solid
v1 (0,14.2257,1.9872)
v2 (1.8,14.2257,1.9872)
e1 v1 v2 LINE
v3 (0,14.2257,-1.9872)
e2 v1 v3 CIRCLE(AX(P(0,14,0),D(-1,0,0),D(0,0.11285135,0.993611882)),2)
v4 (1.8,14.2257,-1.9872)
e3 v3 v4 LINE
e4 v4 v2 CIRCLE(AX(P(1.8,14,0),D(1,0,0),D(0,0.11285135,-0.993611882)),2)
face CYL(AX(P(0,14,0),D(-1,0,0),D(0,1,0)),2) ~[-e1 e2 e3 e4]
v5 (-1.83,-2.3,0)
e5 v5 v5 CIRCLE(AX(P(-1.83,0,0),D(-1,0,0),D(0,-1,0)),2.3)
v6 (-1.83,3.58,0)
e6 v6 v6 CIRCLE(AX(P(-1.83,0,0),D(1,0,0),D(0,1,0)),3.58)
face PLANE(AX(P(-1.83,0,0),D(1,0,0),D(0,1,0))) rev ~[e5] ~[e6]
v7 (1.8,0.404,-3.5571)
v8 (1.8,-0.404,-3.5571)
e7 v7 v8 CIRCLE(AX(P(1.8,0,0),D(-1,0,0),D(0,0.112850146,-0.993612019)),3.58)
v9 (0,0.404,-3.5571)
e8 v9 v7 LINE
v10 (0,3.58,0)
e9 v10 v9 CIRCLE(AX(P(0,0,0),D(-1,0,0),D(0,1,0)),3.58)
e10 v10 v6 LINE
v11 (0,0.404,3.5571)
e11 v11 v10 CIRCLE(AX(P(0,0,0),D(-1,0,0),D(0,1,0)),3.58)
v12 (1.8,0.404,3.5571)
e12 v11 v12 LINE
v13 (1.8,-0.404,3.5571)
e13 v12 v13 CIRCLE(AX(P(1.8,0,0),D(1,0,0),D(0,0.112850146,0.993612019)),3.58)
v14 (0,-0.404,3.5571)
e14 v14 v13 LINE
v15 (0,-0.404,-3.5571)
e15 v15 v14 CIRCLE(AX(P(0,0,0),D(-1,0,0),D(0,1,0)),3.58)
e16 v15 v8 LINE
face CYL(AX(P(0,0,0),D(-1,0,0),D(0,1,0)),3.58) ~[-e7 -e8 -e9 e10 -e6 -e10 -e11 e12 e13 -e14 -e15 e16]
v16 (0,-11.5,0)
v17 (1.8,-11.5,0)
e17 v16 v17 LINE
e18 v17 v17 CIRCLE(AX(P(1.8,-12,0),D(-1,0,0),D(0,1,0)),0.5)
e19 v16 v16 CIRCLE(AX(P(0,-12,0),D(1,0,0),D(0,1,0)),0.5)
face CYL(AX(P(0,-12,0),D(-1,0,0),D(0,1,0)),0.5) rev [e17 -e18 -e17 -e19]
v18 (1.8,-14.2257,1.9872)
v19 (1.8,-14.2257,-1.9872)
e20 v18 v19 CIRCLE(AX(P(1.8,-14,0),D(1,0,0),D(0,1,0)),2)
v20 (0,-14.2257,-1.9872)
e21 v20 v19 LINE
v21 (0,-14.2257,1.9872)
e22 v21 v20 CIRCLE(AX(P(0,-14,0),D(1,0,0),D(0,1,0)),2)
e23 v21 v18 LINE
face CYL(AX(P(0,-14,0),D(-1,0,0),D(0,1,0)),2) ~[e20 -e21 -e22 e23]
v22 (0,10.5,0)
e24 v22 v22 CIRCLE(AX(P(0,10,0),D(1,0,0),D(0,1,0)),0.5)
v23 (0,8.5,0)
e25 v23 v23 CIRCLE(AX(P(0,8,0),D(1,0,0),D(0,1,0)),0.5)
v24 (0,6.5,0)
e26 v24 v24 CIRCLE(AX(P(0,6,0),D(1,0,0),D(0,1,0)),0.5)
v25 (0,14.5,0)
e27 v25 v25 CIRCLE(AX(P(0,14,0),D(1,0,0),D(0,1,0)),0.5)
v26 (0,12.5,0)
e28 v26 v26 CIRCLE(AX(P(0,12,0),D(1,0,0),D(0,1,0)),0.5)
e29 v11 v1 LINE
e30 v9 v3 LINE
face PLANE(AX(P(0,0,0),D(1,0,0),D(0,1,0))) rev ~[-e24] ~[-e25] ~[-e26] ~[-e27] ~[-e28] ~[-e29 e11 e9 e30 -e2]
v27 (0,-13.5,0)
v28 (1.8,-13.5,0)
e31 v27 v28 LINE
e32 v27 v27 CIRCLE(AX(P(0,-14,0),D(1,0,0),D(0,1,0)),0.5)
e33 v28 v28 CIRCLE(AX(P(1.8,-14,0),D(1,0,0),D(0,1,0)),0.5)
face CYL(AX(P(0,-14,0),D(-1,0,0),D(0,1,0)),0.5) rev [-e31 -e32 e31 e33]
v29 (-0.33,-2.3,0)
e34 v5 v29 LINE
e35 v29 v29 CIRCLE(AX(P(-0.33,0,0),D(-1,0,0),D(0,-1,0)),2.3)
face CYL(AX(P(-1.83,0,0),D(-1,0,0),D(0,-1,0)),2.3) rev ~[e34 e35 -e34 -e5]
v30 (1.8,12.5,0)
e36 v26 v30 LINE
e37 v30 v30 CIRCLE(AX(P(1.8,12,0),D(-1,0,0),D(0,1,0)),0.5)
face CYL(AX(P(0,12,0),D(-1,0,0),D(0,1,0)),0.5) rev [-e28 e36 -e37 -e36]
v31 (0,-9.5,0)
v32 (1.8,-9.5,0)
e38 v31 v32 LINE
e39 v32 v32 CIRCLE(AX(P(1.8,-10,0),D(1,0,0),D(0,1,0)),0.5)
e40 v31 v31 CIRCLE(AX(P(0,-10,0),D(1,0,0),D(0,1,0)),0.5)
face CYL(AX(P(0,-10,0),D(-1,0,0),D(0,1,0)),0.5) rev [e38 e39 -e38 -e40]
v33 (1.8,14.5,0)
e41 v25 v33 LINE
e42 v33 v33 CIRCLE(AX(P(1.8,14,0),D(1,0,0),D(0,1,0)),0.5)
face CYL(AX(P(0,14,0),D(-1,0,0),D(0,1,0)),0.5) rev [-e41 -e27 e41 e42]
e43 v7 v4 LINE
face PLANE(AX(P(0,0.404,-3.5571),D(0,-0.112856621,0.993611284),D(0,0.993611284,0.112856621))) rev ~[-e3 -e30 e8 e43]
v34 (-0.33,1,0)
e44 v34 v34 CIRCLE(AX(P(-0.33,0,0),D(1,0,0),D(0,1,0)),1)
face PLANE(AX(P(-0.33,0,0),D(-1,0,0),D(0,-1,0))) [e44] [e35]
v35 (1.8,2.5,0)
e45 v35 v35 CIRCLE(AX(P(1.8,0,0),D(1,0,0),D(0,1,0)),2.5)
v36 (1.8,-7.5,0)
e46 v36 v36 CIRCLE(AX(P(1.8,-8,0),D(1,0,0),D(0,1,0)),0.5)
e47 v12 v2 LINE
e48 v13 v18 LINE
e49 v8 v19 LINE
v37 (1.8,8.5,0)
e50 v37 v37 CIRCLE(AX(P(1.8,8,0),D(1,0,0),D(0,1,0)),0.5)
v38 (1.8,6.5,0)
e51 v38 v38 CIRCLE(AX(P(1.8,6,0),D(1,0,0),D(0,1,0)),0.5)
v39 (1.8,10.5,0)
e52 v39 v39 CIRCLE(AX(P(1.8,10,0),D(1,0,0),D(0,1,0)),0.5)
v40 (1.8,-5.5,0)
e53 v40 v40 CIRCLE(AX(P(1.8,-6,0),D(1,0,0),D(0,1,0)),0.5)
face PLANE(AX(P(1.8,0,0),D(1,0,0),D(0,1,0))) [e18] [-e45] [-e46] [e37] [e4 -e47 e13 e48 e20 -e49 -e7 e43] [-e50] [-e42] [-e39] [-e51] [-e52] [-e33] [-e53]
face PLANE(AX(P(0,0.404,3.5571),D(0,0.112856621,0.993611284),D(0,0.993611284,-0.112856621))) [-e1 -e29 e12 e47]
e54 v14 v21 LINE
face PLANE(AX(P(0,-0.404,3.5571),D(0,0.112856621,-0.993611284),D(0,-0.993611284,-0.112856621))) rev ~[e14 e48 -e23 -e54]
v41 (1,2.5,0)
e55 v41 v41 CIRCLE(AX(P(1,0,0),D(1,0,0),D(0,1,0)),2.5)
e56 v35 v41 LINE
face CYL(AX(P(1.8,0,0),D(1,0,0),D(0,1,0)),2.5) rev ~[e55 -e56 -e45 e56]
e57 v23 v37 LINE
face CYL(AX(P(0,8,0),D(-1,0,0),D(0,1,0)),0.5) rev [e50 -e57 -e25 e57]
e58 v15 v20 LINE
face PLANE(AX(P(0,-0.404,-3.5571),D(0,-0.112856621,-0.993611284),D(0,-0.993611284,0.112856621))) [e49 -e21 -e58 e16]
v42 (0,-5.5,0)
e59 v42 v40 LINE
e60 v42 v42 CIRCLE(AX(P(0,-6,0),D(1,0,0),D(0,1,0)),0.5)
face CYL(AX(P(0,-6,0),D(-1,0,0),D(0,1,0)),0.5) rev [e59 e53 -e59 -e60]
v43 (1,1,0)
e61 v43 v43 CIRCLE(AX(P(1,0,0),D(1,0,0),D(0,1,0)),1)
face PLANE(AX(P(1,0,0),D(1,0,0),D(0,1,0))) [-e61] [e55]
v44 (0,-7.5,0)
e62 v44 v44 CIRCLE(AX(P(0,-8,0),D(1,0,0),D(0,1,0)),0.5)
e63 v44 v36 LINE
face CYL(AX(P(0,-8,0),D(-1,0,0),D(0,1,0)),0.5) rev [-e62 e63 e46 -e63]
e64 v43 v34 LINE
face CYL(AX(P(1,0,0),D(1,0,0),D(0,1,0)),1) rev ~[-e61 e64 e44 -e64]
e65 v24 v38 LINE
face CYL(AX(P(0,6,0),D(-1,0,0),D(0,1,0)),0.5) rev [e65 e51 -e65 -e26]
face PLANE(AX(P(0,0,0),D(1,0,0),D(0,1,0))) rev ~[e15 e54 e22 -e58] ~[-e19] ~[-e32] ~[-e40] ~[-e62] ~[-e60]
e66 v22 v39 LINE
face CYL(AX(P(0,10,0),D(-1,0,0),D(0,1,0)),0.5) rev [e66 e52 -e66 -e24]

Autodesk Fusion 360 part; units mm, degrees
sketch "Sketch1" plane through (0, 0, 0) normal (1, 0, 0) x (0, 1, 0)
  circle A0 centre (0, 0) radius 3.58
  circle A1 centre (14, 0) radius 2
  line L0 (0.404, 3.5571) -> (14.2257, 1.9872)
  line L1 (0.404, -3.5571) -> (14.2257, -1.9872)
  circle A2 centre (14, 0) radius 0.5
  circle A3 centre (12, 0) radius 0.5
  circle A4 centre (10, 0) radius 0.5
  circle A5 centre (8, 0) radius 0.5
  circle A6 centre (6, 0) radius 0.5
  line L2 (0, 7) -> (0, -7.5)
  circle A7 centre (-6, 0) radius 0.5
  circle A8 centre (-8, 0) radius 0.5
  line L3 (-0.404, 3.5571) -> (-14.2257, 1.9872)
  circle A9 centre (-10, 0) radius 0.5
  circle A10 centre (-12, 0) radius 0.5
  circle A11 centre (-14, 0) radius 2
  circle A12 centre (-14, 0) radius 0.5
  line L4 (-0.404, -3.5571) -> (-14.2257, -1.9872)
  dimension "d4" = 7.16
  dimension "d5" = 4
  dimension "d6" = 14
  dimension "d7" = 1
  dimension "d10" = -8
  dimension "d11" = 0
extrude "Extrude1" add sketch "Sketch1" along normal blind 1.8 contours A0 L2 | A0 A1 L0 L1 A3 | A0 L2 | A1 A3 | A0 L3 A10 A11 L4 | A10 A11 picked at (12.8171, -0.6045) picked at (-12.8171, -0.6045) makes body 1
extrude "Extrude2" add sketch "Sketch1" along normal blind 1.8 separate body contours A0 L2 | A0 A1 L0 L1 A3 | A0 L2 | A1 A3 picked at (12.8171, -0.6045) makes body 2
sketch "Sketch2" plane through (0, 0, 0) normal (1, 0, 0) x (0, 1, 0)
extrude "Extrude3" add sketch "Sketch1" against normal blind 1.83 contours A0 L2 | A0 L2 bodies 1
sketch "Sketch3" plane through (1.8, 0, 0) normal (1, 0, 0) x (0, 1, 0)
  circle A0 centre (-8, 0) radius 0.5
  circle A1 centre (8, 0) radius 0.5
  circle A2 centre (-10, 0) radius 0.5
  circle A3 centre (10, 0) radius 0.5
  circle A4 centre (-6, 0) radius 0.5
  circle A5 centre (14, 0) radius 0.5
  circle A6 centre (-14, 0) radius 0.5
  circle A7 centre (12, 0) radius 0.5
  circle A8 centre (6, 0) radius 0.5
  circle A9 centre (-12, 0) radius 0.5
  line L0 (0.404, -3.5571) -> (14.2257, -1.9872)
  arc A10 (14.2257, -1.9872) -> (14.2257, 1.9872) centre (14, 0) ccw
  line L1 (14.2257, 1.9872) -> (0.404, 3.5571)
  arc A11 (0.404, 3.5571) -> (-0.404, 3.5571) centre (0, 0) ccw
  line L2 (-0.404, 3.5571) -> (-14.2257, 1.9872)
  arc A12 (-14.2257, 1.9872) -> (-14.2257, -1.9872) centre (-14, 0) ccw
  line L3 (-14.2257, -1.9872) -> (-0.404, -3.5571)
  arc A13 (-0.404, -3.5571) -> (0.404, -3.5571) centre (0, 0) ccw
  circle A14 centre (0, 0) radius 2.5
  circle A15 centre (0, 0) radius 3.58
  dimension "d18" = 5
extrude "Extrude4" cut sketch "Sketch3" against normal blind 0.8 contours A14 bodies 1
sketch "Sketch4" plane through (1, 0, 0) normal (1, 0, 0) x (0, 1, 0)
  circle A0 centre (0, 0) radius 2.5
  circle A1 centre (0, 0) radius 2.5
  circle A2 centre (0, 0) radius 1
  dimension "d21" = 2
extrude "Extrude5" cut sketch "Sketch4" against normal blind 13.5 contours A2 bodies 1
sketch "Sketch5" plane through (-1.83, 0, 0) normal (-1, 0, 0) x (0, -1, 0)
  circle A0 centre (0, 0) radius 1
  circle A1 centre (0, 0) radius 3.58
  circle A2 centre (0, 0) radius 2.3
  dimension "d24" = 4.6
extrude "Extrude6" cut sketch "Sketch5" against normal blind 1.5 contours A2 bodies 1
extrude "Extrude7" add sketch "Sketch1" against normal blind 1.83 contours A0 L2 | A0 L2 bodies 2
extrude "Extrude8" cut sketch "Sketch3" against normal blind 0.8 contours A14 bodies 2
extrude "Extrude9" cut sketch "Sketch5" against normal blind 1.5 contours A2 bodies 2
extrude "Extrude10" cut 1 faces at (-1.83, 0.6188, -0.2429) along direction (1, 0, 0) blind 27.5 on bodies 2 bodies 2
hidden bodies 2
equation "d4 = 3.58 * 2 mm"
equation "d16 = -3.43 mm + 1.6 mm"
equation "d27 = -3.43 mm + 1.6 mm"
